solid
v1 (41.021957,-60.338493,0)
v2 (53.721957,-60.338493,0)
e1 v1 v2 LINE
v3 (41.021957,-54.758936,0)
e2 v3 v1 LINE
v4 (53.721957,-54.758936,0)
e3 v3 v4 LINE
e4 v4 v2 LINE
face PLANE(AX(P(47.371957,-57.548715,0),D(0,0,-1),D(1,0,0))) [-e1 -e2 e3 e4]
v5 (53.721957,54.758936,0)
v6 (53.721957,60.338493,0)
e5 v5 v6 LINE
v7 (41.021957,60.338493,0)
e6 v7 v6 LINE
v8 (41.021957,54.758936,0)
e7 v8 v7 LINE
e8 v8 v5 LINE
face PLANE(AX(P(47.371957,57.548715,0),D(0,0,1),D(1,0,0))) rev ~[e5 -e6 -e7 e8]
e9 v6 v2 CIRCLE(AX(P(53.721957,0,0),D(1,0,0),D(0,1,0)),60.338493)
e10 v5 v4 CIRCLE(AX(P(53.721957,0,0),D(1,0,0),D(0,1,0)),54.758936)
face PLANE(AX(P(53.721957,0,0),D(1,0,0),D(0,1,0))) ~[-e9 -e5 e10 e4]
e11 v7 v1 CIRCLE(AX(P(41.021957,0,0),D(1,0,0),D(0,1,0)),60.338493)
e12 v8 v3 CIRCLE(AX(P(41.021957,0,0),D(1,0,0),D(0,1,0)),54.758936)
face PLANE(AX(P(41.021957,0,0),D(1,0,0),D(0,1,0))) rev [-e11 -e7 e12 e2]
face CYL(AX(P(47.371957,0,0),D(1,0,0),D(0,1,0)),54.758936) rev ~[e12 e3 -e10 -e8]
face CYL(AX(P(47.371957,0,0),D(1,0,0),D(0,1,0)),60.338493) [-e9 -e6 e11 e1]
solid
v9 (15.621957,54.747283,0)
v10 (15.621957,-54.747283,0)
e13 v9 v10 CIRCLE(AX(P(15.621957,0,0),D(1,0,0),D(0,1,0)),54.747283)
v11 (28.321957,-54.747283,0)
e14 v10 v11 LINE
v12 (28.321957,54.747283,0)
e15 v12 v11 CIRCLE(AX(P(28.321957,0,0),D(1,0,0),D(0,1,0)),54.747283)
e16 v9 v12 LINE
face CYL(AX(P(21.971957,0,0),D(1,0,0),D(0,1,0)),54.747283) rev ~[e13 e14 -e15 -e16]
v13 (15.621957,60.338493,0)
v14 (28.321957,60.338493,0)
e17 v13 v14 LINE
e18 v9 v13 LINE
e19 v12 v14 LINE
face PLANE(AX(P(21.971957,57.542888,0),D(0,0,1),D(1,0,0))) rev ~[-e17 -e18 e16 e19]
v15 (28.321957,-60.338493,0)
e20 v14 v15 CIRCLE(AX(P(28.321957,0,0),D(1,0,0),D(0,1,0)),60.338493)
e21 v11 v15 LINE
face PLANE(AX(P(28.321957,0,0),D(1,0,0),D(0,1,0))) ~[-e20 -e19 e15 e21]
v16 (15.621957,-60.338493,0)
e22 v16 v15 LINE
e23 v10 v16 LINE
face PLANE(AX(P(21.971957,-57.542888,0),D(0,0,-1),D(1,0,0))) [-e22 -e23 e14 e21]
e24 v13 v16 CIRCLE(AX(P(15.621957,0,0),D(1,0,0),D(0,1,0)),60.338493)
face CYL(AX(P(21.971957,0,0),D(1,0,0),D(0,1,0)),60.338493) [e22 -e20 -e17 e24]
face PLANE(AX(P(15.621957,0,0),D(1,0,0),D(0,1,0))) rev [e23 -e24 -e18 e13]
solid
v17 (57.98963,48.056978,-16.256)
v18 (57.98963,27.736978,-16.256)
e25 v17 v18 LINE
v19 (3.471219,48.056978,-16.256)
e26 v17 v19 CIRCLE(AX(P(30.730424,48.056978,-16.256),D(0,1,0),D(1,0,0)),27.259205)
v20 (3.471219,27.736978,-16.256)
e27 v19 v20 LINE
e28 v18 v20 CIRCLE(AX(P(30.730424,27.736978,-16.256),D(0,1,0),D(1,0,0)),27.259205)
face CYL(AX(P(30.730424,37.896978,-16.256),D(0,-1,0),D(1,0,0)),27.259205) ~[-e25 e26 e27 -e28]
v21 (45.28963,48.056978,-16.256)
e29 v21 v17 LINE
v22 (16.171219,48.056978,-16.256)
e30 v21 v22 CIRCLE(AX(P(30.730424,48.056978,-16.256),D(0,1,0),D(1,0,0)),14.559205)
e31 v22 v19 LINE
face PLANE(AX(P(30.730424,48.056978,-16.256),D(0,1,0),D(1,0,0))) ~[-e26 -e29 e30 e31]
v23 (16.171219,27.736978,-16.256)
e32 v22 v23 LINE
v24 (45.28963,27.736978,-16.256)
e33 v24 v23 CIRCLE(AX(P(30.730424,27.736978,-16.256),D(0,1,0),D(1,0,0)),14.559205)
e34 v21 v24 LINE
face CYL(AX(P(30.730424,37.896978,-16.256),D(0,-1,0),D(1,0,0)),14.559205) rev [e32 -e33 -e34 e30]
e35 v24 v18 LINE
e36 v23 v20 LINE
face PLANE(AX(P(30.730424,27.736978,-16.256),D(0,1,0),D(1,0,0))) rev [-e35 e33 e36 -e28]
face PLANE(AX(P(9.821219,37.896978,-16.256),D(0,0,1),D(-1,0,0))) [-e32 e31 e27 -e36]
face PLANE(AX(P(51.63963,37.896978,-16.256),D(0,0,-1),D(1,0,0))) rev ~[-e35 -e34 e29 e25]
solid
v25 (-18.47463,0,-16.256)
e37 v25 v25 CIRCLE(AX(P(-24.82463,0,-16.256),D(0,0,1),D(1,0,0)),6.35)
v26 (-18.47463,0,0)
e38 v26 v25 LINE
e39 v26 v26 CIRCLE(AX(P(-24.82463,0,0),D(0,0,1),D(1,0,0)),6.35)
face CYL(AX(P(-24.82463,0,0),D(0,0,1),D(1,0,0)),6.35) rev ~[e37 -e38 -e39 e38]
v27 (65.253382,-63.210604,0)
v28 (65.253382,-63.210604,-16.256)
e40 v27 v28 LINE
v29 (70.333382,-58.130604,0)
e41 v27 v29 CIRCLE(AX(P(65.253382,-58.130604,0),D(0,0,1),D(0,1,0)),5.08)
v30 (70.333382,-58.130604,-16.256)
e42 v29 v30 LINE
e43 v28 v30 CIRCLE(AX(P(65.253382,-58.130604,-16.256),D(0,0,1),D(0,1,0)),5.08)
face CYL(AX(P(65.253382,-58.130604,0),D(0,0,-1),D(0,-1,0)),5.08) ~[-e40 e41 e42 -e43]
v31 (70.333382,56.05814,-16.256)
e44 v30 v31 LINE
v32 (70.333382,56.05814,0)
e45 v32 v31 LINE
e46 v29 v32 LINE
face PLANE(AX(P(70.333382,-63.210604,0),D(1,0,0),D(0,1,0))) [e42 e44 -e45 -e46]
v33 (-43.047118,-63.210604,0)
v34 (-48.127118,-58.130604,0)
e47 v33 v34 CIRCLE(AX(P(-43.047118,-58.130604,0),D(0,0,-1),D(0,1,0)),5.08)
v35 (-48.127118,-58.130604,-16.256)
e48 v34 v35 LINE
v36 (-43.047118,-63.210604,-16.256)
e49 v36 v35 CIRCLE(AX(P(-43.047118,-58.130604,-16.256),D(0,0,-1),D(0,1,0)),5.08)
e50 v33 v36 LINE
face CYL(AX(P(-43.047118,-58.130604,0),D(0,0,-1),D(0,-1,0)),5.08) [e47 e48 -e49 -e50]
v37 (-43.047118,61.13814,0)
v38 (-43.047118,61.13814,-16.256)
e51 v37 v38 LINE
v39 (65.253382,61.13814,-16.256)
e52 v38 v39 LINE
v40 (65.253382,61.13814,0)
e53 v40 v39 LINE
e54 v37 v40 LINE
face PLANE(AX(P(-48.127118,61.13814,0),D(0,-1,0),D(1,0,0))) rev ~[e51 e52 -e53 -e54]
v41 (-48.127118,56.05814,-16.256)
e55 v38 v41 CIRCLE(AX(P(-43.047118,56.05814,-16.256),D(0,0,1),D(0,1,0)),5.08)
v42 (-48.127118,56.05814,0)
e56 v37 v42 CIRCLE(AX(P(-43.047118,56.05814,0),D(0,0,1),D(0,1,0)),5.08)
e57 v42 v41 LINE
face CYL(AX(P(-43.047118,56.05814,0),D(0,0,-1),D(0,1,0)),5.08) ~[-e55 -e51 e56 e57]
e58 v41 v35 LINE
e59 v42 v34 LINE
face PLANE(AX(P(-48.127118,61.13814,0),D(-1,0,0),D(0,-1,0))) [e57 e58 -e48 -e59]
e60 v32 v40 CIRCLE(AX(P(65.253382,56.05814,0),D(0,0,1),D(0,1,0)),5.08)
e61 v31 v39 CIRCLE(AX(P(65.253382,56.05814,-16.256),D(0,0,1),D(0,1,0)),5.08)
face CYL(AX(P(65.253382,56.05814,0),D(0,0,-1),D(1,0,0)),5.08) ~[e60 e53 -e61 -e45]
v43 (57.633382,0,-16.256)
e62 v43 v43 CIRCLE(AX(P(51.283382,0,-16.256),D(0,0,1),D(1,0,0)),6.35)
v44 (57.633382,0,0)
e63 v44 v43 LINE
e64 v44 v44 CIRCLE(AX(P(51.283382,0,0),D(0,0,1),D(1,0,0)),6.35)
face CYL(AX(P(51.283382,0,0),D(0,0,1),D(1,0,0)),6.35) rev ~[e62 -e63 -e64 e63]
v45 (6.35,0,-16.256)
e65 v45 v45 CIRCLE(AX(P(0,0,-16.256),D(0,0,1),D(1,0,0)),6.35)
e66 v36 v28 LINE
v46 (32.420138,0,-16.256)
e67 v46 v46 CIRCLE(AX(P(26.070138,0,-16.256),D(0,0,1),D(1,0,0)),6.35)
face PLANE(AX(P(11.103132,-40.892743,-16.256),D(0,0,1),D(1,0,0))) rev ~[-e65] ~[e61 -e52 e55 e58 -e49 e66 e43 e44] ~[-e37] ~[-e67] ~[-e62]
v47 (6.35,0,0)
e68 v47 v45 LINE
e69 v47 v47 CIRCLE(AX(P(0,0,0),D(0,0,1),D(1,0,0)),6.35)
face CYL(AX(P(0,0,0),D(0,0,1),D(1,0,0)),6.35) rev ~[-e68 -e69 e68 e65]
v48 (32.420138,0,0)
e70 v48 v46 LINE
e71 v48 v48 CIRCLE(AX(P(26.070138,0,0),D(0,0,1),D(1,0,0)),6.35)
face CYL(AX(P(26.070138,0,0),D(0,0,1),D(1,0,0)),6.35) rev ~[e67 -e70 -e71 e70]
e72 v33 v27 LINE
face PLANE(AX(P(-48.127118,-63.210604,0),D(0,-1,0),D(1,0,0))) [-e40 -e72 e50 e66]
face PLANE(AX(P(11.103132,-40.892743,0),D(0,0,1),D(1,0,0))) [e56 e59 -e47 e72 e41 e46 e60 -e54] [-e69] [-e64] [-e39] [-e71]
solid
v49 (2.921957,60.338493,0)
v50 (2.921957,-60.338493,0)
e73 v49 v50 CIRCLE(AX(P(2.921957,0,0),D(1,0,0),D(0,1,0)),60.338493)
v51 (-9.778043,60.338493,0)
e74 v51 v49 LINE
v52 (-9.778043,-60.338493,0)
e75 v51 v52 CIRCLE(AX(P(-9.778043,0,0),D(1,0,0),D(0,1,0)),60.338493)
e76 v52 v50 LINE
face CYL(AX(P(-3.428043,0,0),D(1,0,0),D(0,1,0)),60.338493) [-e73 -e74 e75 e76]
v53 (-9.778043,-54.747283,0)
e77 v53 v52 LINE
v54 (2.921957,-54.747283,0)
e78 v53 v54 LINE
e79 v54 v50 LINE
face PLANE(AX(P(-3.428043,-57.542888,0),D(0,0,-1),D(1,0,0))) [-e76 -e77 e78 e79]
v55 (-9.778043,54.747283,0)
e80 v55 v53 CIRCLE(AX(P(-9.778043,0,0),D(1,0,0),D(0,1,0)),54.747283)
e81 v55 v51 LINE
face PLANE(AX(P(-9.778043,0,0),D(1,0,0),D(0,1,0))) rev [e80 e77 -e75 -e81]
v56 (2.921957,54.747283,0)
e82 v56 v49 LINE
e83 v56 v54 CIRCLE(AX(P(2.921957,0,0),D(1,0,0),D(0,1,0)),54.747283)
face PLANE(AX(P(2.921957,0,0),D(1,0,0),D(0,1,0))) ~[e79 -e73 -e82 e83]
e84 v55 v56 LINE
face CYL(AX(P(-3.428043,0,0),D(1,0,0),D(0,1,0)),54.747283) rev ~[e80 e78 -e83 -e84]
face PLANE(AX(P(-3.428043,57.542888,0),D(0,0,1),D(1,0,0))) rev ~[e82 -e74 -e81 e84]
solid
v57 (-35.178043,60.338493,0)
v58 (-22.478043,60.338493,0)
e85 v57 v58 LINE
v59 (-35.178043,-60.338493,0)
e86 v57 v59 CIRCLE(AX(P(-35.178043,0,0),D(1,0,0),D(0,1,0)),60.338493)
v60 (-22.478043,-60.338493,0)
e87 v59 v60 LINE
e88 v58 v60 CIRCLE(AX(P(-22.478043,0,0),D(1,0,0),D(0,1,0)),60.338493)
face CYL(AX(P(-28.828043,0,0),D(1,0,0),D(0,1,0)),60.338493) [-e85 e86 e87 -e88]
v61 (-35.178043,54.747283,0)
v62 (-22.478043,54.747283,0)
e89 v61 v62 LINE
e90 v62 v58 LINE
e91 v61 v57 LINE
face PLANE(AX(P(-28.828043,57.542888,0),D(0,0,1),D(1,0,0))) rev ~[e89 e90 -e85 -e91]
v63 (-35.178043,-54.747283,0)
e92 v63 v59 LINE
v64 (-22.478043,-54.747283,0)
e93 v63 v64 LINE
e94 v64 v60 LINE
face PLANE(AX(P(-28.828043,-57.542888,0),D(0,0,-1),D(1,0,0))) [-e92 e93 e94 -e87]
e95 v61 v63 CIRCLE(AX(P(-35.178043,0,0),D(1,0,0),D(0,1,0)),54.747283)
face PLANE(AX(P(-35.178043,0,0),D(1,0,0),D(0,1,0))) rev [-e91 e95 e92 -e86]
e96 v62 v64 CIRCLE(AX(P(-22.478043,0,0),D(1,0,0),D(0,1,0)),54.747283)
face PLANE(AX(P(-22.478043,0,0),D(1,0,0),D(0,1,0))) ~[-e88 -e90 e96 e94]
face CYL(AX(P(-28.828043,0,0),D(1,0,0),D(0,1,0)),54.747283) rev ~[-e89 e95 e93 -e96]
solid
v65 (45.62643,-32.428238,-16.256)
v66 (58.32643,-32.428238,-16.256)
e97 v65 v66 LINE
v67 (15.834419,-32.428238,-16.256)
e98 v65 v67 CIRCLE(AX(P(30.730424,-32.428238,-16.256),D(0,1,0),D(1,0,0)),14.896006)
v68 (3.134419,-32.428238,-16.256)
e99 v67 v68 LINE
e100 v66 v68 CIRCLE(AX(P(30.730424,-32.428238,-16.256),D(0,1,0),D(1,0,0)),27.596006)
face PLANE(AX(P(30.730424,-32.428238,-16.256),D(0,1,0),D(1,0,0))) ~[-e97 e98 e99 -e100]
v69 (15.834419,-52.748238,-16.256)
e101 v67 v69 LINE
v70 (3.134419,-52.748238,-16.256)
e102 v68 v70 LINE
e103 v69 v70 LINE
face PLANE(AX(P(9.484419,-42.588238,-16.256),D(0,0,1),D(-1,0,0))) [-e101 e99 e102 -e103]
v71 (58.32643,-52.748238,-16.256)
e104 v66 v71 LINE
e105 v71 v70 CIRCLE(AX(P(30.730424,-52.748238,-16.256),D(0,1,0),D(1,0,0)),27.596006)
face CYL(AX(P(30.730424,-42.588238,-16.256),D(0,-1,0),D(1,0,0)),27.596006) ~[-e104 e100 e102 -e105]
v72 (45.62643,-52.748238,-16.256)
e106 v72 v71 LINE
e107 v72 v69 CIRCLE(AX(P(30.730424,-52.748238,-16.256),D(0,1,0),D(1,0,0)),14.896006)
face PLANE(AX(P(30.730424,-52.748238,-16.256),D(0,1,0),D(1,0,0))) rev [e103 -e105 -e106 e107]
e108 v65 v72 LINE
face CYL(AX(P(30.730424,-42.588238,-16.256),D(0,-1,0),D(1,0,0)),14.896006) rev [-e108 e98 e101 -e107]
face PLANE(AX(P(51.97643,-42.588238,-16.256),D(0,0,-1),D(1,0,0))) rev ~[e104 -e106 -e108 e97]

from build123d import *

# Parameters (mm, degrees)
F0_W     = 12.7
F0_H     = 5.5795572698
F1_ANGLE = 180
F0_H_2   = 5.5912099779
F2_W     = 118.4605003471
F2_H     = 44.6357212043
F2_H_2   = 40.7499843153
F2_R     = 6.35
F2_H_3   = 38.9630381748
F3_DEPTH = 16.256
F4_R     = 5.08
F5_W     = 12.7
F5_H     = 20.32
F6_ANGLE = 180


with BuildPart() as f1:
    # F0 (on Top) → F1 (revolve)
    with BuildSketch(Plane.XY):
        with Locations((47.3719570518, 57.5487148017)):
            Rectangle(F0_W, F0_H)
    revolve(axis=Axis((3.7274751812, 0, 0), (1, 0, 0)), revolution_arc=F1_ANGLE)


with BuildPart() as f1b:
    # F0 (on Top) → F1, piece 2 (revolve)
    with BuildSketch(Plane.XY):
        with Locations((21.9719570518, 57.5428884476)):
            Rectangle(F0_W, F0_H_2)
    revolve(axis=Axis((3.7274751812, 0, 0), (1, 0, 0)), revolution_arc=F1_ANGLE)


with BuildPart() as f1c:
    # F0 (on Top) → F1, piece 3 (revolve)
    with BuildSketch(Plane.XY):
        with Locations((-3.4280429482, 57.5428884476)):
            Rectangle(F0_W, F0_H_2)
    revolve(axis=Axis((3.7274751812, 0, 0), (1, 0, 0)), revolution_arc=F1_ANGLE)


with BuildPart() as f1d:
    # F0 (on Top) → F1, piece 4 (revolve)
    with BuildSketch(Plane.XY):
        with Locations((-28.8280429482, 57.5428884476)):
            Rectangle(F0_W, F0_H_2)
    revolve(axis=Axis((3.7274751812, 0, 0), (1, 0, 0)), revolution_arc=F1_ANGLE)


with BuildPart() as f3:
    # F2 (on Top) → F3 (new body)
    with BuildSketch(Plane.XY):
        with Locations((11.1031317058, -40.8927433193)):
            Rectangle(F2_W, F2_H)
        with Locations((11.1031317058, 1.8001094405)):
            Rectangle(F2_W, F2_H_2)
        with Locations((-24.8246304691, 0)):
            Circle(F2_R, mode=Mode.SUBTRACT)
        Circle(F2_R, mode=Mode.SUBTRACT)
        with Locations((26.0701384395, 0)):
            Circle(F2_R, mode=Mode.SUBTRACT)
        with Locations((51.2833818793, 0)):
            Circle(F2_R, mode=Mode.SUBTRACT)
        with Locations((11.1031317058, 41.6566206855)):
            Rectangle(F2_W, F2_H_3)
    extrude(amount=-F3_DEPTH)

    # F4
    f4_edges = [f3.edges().sort_by_distance(p)[0] for p in [
        (-48.127118, 61.13814, -8.128),
        (-48.127118, -63.210604, -8.128),
        (70.333382, -63.210604, -8.128),
        (70.333382, 61.13814, -8.128),
    ]]
    fillet(f4_edges, radius=F4_R)


with BuildPart() as f6:
    # F5 (on face) → F6 (revolve)
    with BuildSketch(Plane(origin=(0, 0, -16.256), x_dir=(1, 0, 0), z_dir=(0, 0, -1))):
        with Locations((51.9764303348, 42.5882383884)):
            Rectangle(F5_W, F5_H)
    revolve(axis=Axis((30.7304244488, -1.0362320742, -16.256), (0, 1, 0)), revolution_arc=F6_ANGLE)


with BuildPart() as f6b:
    # F5 (on face) → F6, piece 2 (revolve)
    with BuildSketch(Plane(origin=(0, 0, -16.256), x_dir=(1, 0, 0), z_dir=(0, 0, -1))):
        with Locations((51.6396296067, -37.8969784529)):
            Rectangle(F5_W, F5_H)
    revolve(axis=Axis((30.7304244488, -1.0362320742, -16.256), (0, 1, 0)), revolution_arc=F6_ANGLE)


solid = Compound([f1.part, f1b.part, f1c.part, f1d.part, f3.part, f6.part, f6b.part])
